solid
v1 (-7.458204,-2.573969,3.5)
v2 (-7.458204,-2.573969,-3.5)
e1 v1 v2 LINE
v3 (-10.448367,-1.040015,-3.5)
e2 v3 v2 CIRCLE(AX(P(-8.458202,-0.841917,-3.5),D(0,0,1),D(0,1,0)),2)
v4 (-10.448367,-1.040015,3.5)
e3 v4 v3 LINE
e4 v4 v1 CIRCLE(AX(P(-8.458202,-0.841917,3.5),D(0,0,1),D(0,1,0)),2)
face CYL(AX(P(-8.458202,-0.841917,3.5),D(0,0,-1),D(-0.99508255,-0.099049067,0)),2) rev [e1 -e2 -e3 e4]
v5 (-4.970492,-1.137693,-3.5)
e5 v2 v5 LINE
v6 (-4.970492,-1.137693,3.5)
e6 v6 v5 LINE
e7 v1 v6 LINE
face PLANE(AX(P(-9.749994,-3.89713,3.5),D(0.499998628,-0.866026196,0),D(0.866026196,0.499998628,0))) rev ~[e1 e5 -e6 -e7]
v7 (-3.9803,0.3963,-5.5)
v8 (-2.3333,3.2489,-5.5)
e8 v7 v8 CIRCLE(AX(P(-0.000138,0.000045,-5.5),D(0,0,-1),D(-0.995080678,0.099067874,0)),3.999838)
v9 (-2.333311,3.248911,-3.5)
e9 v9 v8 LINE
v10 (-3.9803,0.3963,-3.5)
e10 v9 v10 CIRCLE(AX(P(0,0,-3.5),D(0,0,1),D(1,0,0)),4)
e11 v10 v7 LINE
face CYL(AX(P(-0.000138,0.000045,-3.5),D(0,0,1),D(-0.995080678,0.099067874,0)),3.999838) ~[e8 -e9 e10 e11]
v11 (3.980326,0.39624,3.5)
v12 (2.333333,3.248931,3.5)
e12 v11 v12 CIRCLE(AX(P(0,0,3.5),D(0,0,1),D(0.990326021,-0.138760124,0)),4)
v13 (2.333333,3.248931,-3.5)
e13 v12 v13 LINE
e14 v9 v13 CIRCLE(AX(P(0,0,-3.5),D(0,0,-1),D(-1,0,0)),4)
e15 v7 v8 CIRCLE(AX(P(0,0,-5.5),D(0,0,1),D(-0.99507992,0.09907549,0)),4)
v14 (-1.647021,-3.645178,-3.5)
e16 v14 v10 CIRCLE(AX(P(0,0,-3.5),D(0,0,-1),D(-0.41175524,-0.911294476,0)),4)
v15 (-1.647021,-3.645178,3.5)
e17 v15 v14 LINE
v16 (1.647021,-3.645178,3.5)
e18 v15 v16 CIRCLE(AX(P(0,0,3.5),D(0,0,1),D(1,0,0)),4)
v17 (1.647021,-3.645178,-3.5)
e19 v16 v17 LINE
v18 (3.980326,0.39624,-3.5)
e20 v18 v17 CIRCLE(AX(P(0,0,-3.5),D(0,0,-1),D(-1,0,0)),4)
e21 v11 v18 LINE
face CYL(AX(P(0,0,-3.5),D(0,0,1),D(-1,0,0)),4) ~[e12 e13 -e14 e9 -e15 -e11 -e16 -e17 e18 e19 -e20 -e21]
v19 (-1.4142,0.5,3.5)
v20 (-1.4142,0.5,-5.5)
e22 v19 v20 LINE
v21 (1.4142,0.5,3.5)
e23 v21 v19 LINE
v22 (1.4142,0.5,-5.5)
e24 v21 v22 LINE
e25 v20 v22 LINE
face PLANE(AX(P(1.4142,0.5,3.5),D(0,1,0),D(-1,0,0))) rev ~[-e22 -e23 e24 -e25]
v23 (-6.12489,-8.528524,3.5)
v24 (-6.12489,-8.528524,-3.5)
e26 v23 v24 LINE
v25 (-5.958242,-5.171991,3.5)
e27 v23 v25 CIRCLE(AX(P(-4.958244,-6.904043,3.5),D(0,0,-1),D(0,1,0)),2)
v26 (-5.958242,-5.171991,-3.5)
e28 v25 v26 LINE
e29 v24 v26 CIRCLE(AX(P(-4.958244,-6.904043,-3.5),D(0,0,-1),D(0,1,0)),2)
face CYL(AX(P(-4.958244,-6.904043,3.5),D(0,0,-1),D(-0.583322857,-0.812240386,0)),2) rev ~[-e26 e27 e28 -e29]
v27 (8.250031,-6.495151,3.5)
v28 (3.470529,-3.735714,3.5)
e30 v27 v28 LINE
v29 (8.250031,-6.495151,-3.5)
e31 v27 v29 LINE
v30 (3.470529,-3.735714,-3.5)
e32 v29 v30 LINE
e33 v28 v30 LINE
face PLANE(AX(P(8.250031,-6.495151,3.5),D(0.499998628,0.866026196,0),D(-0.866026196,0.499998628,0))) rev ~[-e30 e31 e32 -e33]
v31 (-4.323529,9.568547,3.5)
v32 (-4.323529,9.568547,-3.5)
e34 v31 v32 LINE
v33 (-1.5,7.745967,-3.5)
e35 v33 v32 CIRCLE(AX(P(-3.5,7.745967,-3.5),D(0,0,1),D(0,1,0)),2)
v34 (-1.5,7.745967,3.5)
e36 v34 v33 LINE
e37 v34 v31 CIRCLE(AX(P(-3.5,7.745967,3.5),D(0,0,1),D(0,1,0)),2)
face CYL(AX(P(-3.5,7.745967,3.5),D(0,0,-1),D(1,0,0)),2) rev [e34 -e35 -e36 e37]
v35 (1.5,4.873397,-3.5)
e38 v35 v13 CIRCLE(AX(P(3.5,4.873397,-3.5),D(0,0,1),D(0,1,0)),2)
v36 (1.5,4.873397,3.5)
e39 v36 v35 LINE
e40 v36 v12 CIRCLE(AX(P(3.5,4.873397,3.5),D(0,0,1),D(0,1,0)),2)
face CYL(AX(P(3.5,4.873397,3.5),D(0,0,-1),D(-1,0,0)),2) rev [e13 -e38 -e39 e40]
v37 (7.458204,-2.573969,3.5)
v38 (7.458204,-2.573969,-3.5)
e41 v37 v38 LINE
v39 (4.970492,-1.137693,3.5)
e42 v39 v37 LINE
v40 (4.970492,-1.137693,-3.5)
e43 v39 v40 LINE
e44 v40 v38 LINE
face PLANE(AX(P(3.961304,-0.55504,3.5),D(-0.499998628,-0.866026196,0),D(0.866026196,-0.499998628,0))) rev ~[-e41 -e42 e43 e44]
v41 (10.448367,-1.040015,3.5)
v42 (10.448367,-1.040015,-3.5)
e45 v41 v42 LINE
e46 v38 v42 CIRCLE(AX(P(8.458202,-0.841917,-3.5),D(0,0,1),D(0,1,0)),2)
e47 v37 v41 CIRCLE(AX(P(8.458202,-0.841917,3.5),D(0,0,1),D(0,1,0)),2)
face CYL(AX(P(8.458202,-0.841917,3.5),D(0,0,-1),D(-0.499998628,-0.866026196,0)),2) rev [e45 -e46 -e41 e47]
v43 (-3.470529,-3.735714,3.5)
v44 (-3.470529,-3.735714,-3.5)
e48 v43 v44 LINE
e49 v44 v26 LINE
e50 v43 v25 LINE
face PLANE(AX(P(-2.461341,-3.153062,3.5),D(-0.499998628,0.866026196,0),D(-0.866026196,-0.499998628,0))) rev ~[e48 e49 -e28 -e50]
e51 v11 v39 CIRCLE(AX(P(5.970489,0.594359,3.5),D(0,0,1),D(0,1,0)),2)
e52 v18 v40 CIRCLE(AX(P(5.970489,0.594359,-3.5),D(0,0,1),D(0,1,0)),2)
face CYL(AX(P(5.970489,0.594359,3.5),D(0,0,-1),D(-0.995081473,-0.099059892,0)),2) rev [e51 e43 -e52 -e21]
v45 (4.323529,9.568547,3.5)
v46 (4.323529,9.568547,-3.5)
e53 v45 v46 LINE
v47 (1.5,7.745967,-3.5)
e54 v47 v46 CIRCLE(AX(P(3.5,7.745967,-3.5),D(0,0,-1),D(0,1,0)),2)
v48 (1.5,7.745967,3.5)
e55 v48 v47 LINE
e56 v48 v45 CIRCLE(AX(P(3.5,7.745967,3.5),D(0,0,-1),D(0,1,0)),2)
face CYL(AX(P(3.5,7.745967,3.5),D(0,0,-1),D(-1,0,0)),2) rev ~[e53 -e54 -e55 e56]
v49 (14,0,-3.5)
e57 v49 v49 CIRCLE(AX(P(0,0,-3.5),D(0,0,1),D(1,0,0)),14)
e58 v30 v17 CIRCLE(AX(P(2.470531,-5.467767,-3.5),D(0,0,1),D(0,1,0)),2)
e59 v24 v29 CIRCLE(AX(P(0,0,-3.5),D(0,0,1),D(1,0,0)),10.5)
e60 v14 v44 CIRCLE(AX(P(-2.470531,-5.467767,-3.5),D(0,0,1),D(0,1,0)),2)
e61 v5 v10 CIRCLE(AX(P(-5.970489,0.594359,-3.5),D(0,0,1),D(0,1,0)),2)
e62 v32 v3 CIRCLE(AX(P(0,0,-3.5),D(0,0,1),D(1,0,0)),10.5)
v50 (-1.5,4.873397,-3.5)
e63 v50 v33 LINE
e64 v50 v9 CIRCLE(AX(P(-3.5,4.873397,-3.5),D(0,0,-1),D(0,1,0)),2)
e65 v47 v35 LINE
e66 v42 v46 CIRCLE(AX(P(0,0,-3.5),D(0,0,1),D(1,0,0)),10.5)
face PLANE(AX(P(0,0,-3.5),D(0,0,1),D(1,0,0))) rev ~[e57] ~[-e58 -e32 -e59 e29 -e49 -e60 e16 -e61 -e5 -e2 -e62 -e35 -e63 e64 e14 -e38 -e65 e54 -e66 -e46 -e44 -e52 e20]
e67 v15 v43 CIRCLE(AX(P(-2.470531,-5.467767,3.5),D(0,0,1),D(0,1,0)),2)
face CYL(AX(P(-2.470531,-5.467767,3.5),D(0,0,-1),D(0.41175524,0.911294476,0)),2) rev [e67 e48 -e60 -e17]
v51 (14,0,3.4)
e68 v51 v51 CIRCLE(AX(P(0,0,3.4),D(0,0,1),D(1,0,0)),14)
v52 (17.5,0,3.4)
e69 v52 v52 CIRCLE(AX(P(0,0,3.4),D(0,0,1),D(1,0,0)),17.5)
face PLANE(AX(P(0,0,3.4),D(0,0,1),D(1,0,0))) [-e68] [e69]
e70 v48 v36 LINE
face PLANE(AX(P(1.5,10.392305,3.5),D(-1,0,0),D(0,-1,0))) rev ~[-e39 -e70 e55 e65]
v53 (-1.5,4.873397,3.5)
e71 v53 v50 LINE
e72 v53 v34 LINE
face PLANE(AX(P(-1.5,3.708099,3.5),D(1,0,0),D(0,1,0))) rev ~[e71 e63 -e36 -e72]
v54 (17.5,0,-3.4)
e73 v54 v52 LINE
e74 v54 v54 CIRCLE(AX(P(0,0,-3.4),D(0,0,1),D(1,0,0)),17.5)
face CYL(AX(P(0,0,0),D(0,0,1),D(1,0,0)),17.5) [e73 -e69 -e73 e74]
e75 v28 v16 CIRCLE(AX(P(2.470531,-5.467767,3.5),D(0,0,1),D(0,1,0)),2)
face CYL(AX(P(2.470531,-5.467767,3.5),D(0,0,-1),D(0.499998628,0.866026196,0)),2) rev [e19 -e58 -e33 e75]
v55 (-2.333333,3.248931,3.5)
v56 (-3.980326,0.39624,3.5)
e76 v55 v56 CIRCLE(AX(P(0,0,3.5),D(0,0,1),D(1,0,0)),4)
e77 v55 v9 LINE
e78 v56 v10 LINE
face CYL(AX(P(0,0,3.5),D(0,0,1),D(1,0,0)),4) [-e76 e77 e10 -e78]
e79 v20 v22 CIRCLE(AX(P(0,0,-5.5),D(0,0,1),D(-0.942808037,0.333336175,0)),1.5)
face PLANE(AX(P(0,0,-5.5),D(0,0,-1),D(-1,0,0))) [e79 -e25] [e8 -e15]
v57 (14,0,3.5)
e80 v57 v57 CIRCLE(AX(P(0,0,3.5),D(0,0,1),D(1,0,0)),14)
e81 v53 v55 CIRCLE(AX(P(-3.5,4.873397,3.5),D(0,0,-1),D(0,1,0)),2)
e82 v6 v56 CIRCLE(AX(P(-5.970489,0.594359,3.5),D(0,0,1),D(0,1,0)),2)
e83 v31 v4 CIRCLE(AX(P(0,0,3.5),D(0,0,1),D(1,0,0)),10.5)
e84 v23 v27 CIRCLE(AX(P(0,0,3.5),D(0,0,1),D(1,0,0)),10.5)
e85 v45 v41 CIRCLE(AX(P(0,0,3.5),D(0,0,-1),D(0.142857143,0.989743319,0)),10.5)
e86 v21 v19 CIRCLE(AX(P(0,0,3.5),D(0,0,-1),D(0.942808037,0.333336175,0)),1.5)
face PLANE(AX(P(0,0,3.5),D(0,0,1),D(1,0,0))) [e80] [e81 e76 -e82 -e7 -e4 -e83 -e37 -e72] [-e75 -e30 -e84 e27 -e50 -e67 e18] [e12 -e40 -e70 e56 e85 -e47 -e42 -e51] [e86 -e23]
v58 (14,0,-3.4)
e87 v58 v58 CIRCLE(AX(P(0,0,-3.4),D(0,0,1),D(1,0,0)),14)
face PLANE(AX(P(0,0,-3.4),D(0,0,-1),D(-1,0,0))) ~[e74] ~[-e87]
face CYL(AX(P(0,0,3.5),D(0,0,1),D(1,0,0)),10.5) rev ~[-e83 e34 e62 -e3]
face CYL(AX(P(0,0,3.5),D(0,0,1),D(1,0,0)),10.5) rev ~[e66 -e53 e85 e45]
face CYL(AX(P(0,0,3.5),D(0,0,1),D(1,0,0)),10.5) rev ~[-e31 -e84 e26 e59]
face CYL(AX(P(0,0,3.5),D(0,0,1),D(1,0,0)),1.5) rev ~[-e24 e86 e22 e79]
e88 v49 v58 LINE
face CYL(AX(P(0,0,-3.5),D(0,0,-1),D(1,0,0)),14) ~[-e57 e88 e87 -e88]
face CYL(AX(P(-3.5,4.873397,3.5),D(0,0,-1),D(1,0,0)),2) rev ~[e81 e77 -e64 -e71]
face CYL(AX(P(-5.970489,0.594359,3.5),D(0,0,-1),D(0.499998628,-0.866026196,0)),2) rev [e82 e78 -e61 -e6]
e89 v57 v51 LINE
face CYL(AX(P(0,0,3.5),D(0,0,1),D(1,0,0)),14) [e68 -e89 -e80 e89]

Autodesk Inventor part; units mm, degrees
ref_plane "YZ Plane" through (0, 0, 0) normal (1, 0, 0) x (0, 1, 0)
ref_plane "XZ Plane" through (0, 0, 0) normal (0, 1, 0) x (-1, 0, 0)
ref_plane "XY Plane" through (0, 0, 0) normal (0, 0, 1) x (1, 0, 0)
sketch "Sketch1" plane through (0, 0, 0) normal (0, 0, 1) x (1, 0, 0)
  circle A0 centre (0, 0) radius 17.5
  dimension "d0" = 35
extrude "Extrusion1" add sketch "Sketch1" along normal mid plane 7
sketch "Sketch2" plane through (0, 0, 3.5) normal (0, 0, 1) x (1, 0, 0)
  circle A0 centre (0, 0) radius 10.5
  circle A1 centre (0, 0) radius 4
  line L0 (1.5, 0) -> (-1.5, 0)
  line L1 (-1.5, 0) -> (-1.5, 10.5)
  line L2 (-1.5, 10.5) -> (1.5, 10.5)
  line L3 (1.5, 10.5) -> (1.5, 0)
  line L4 (0.75, -1.299) -> (-8.3433, -6.549)
  line L5 (-9.8433, -3.951) -> (-0.75, 1.299)
  line L6 (0.75, 1.299) -> (9.8433, -3.951)
  line L7 (8.3433, -6.549) -> (-0.75, -1.299)
  point P0 (0, 10.5)
  point P1 (8.25, -6.4952)
  point P2 (2.4613, -3.1531)
  point P3 (-2.4613, -3.1531)
  point P4 (-8.25, -6.4952)
  point P5 (3.9613, -0.555)
  point P6 (9.75, -3.8971)
  point P7 (1.5, 10.3923)
  point P8 (1.5, 3.7081)
  point P9 (-9.75, -3.8971)
  point P10 (-3.9613, -0.555)
  point P11 (-1.5, 3.7081)
  point P12 (-1.5, 10.3923)
  dimension "d3" = 21
  dimension "d4" = 8
  dimension "d5" = 3
  dimension "d8" = 360
extrude "Extrusion2" cut sketch "Sketch2" against normal through all contours A0 L6 A1 L3 | A0 L4 A1 L7 | L1 A1 L5 A0
fillet "Fillet1" radius 2 11 edges at (1.5, 3.7081, 0) (3.9613, -0.555, 0) (9.75, -3.8971, 0) (-8.25, -6.4952, 0) (-9.75, -3.8971, 0) (-3.9613, -0.555, 0) (-1.5, 3.7081, 0) (1.5, 10.3923, 0) (-1.5, 10.3923, 0) (-2.4613, -3.1531, 0) (2.4613, -3.1531, 0)
sketch "Sketch4" plane through (0, 0, -3.5) normal (0, 0, -1) x (-1, 0, 0)
  circle A0 centre (0, 0) radius 4
  arc A1 (3.9803, 0.3963) -> (2.3333, 3.2489) centre (0, 0) ccw projected
extrude "Extrusion4" add sketch "Sketch4" along normal blind 2
sketch "Sketch3" plane through (0, 0, 3.5) normal (0, 0, 1) x (1, 0, 0)
  circle A0 centre (0, 0) radius 1.5
  line L0 (1.4142, 0.5) -> (-1.4142, 0.5)
  dimension "d17" = 3
  dimension "d19" = 2
extrude "Extrusion3" cut sketch "Sketch3" against normal through all contours A0 L0 picked at (0.0393, -0.1651)
sketch "Sketch5" plane through (0, 0, 3.5) normal (0, 0, 1) x (1, 0, 0)
  circle A0 centre (0, 0) radius 14
  circle A1 centre (0, 0) radius 17.5 projected
  dimension "d22" = 28
extrude "Extrusion5" cut sketch "Sketch5" against normal blind 0.1
mirror "Mirror1" about plane through (0, 0, 0) normal (0, 0, 1) of "Extrusion5"
properties part number "front wheel v2"
